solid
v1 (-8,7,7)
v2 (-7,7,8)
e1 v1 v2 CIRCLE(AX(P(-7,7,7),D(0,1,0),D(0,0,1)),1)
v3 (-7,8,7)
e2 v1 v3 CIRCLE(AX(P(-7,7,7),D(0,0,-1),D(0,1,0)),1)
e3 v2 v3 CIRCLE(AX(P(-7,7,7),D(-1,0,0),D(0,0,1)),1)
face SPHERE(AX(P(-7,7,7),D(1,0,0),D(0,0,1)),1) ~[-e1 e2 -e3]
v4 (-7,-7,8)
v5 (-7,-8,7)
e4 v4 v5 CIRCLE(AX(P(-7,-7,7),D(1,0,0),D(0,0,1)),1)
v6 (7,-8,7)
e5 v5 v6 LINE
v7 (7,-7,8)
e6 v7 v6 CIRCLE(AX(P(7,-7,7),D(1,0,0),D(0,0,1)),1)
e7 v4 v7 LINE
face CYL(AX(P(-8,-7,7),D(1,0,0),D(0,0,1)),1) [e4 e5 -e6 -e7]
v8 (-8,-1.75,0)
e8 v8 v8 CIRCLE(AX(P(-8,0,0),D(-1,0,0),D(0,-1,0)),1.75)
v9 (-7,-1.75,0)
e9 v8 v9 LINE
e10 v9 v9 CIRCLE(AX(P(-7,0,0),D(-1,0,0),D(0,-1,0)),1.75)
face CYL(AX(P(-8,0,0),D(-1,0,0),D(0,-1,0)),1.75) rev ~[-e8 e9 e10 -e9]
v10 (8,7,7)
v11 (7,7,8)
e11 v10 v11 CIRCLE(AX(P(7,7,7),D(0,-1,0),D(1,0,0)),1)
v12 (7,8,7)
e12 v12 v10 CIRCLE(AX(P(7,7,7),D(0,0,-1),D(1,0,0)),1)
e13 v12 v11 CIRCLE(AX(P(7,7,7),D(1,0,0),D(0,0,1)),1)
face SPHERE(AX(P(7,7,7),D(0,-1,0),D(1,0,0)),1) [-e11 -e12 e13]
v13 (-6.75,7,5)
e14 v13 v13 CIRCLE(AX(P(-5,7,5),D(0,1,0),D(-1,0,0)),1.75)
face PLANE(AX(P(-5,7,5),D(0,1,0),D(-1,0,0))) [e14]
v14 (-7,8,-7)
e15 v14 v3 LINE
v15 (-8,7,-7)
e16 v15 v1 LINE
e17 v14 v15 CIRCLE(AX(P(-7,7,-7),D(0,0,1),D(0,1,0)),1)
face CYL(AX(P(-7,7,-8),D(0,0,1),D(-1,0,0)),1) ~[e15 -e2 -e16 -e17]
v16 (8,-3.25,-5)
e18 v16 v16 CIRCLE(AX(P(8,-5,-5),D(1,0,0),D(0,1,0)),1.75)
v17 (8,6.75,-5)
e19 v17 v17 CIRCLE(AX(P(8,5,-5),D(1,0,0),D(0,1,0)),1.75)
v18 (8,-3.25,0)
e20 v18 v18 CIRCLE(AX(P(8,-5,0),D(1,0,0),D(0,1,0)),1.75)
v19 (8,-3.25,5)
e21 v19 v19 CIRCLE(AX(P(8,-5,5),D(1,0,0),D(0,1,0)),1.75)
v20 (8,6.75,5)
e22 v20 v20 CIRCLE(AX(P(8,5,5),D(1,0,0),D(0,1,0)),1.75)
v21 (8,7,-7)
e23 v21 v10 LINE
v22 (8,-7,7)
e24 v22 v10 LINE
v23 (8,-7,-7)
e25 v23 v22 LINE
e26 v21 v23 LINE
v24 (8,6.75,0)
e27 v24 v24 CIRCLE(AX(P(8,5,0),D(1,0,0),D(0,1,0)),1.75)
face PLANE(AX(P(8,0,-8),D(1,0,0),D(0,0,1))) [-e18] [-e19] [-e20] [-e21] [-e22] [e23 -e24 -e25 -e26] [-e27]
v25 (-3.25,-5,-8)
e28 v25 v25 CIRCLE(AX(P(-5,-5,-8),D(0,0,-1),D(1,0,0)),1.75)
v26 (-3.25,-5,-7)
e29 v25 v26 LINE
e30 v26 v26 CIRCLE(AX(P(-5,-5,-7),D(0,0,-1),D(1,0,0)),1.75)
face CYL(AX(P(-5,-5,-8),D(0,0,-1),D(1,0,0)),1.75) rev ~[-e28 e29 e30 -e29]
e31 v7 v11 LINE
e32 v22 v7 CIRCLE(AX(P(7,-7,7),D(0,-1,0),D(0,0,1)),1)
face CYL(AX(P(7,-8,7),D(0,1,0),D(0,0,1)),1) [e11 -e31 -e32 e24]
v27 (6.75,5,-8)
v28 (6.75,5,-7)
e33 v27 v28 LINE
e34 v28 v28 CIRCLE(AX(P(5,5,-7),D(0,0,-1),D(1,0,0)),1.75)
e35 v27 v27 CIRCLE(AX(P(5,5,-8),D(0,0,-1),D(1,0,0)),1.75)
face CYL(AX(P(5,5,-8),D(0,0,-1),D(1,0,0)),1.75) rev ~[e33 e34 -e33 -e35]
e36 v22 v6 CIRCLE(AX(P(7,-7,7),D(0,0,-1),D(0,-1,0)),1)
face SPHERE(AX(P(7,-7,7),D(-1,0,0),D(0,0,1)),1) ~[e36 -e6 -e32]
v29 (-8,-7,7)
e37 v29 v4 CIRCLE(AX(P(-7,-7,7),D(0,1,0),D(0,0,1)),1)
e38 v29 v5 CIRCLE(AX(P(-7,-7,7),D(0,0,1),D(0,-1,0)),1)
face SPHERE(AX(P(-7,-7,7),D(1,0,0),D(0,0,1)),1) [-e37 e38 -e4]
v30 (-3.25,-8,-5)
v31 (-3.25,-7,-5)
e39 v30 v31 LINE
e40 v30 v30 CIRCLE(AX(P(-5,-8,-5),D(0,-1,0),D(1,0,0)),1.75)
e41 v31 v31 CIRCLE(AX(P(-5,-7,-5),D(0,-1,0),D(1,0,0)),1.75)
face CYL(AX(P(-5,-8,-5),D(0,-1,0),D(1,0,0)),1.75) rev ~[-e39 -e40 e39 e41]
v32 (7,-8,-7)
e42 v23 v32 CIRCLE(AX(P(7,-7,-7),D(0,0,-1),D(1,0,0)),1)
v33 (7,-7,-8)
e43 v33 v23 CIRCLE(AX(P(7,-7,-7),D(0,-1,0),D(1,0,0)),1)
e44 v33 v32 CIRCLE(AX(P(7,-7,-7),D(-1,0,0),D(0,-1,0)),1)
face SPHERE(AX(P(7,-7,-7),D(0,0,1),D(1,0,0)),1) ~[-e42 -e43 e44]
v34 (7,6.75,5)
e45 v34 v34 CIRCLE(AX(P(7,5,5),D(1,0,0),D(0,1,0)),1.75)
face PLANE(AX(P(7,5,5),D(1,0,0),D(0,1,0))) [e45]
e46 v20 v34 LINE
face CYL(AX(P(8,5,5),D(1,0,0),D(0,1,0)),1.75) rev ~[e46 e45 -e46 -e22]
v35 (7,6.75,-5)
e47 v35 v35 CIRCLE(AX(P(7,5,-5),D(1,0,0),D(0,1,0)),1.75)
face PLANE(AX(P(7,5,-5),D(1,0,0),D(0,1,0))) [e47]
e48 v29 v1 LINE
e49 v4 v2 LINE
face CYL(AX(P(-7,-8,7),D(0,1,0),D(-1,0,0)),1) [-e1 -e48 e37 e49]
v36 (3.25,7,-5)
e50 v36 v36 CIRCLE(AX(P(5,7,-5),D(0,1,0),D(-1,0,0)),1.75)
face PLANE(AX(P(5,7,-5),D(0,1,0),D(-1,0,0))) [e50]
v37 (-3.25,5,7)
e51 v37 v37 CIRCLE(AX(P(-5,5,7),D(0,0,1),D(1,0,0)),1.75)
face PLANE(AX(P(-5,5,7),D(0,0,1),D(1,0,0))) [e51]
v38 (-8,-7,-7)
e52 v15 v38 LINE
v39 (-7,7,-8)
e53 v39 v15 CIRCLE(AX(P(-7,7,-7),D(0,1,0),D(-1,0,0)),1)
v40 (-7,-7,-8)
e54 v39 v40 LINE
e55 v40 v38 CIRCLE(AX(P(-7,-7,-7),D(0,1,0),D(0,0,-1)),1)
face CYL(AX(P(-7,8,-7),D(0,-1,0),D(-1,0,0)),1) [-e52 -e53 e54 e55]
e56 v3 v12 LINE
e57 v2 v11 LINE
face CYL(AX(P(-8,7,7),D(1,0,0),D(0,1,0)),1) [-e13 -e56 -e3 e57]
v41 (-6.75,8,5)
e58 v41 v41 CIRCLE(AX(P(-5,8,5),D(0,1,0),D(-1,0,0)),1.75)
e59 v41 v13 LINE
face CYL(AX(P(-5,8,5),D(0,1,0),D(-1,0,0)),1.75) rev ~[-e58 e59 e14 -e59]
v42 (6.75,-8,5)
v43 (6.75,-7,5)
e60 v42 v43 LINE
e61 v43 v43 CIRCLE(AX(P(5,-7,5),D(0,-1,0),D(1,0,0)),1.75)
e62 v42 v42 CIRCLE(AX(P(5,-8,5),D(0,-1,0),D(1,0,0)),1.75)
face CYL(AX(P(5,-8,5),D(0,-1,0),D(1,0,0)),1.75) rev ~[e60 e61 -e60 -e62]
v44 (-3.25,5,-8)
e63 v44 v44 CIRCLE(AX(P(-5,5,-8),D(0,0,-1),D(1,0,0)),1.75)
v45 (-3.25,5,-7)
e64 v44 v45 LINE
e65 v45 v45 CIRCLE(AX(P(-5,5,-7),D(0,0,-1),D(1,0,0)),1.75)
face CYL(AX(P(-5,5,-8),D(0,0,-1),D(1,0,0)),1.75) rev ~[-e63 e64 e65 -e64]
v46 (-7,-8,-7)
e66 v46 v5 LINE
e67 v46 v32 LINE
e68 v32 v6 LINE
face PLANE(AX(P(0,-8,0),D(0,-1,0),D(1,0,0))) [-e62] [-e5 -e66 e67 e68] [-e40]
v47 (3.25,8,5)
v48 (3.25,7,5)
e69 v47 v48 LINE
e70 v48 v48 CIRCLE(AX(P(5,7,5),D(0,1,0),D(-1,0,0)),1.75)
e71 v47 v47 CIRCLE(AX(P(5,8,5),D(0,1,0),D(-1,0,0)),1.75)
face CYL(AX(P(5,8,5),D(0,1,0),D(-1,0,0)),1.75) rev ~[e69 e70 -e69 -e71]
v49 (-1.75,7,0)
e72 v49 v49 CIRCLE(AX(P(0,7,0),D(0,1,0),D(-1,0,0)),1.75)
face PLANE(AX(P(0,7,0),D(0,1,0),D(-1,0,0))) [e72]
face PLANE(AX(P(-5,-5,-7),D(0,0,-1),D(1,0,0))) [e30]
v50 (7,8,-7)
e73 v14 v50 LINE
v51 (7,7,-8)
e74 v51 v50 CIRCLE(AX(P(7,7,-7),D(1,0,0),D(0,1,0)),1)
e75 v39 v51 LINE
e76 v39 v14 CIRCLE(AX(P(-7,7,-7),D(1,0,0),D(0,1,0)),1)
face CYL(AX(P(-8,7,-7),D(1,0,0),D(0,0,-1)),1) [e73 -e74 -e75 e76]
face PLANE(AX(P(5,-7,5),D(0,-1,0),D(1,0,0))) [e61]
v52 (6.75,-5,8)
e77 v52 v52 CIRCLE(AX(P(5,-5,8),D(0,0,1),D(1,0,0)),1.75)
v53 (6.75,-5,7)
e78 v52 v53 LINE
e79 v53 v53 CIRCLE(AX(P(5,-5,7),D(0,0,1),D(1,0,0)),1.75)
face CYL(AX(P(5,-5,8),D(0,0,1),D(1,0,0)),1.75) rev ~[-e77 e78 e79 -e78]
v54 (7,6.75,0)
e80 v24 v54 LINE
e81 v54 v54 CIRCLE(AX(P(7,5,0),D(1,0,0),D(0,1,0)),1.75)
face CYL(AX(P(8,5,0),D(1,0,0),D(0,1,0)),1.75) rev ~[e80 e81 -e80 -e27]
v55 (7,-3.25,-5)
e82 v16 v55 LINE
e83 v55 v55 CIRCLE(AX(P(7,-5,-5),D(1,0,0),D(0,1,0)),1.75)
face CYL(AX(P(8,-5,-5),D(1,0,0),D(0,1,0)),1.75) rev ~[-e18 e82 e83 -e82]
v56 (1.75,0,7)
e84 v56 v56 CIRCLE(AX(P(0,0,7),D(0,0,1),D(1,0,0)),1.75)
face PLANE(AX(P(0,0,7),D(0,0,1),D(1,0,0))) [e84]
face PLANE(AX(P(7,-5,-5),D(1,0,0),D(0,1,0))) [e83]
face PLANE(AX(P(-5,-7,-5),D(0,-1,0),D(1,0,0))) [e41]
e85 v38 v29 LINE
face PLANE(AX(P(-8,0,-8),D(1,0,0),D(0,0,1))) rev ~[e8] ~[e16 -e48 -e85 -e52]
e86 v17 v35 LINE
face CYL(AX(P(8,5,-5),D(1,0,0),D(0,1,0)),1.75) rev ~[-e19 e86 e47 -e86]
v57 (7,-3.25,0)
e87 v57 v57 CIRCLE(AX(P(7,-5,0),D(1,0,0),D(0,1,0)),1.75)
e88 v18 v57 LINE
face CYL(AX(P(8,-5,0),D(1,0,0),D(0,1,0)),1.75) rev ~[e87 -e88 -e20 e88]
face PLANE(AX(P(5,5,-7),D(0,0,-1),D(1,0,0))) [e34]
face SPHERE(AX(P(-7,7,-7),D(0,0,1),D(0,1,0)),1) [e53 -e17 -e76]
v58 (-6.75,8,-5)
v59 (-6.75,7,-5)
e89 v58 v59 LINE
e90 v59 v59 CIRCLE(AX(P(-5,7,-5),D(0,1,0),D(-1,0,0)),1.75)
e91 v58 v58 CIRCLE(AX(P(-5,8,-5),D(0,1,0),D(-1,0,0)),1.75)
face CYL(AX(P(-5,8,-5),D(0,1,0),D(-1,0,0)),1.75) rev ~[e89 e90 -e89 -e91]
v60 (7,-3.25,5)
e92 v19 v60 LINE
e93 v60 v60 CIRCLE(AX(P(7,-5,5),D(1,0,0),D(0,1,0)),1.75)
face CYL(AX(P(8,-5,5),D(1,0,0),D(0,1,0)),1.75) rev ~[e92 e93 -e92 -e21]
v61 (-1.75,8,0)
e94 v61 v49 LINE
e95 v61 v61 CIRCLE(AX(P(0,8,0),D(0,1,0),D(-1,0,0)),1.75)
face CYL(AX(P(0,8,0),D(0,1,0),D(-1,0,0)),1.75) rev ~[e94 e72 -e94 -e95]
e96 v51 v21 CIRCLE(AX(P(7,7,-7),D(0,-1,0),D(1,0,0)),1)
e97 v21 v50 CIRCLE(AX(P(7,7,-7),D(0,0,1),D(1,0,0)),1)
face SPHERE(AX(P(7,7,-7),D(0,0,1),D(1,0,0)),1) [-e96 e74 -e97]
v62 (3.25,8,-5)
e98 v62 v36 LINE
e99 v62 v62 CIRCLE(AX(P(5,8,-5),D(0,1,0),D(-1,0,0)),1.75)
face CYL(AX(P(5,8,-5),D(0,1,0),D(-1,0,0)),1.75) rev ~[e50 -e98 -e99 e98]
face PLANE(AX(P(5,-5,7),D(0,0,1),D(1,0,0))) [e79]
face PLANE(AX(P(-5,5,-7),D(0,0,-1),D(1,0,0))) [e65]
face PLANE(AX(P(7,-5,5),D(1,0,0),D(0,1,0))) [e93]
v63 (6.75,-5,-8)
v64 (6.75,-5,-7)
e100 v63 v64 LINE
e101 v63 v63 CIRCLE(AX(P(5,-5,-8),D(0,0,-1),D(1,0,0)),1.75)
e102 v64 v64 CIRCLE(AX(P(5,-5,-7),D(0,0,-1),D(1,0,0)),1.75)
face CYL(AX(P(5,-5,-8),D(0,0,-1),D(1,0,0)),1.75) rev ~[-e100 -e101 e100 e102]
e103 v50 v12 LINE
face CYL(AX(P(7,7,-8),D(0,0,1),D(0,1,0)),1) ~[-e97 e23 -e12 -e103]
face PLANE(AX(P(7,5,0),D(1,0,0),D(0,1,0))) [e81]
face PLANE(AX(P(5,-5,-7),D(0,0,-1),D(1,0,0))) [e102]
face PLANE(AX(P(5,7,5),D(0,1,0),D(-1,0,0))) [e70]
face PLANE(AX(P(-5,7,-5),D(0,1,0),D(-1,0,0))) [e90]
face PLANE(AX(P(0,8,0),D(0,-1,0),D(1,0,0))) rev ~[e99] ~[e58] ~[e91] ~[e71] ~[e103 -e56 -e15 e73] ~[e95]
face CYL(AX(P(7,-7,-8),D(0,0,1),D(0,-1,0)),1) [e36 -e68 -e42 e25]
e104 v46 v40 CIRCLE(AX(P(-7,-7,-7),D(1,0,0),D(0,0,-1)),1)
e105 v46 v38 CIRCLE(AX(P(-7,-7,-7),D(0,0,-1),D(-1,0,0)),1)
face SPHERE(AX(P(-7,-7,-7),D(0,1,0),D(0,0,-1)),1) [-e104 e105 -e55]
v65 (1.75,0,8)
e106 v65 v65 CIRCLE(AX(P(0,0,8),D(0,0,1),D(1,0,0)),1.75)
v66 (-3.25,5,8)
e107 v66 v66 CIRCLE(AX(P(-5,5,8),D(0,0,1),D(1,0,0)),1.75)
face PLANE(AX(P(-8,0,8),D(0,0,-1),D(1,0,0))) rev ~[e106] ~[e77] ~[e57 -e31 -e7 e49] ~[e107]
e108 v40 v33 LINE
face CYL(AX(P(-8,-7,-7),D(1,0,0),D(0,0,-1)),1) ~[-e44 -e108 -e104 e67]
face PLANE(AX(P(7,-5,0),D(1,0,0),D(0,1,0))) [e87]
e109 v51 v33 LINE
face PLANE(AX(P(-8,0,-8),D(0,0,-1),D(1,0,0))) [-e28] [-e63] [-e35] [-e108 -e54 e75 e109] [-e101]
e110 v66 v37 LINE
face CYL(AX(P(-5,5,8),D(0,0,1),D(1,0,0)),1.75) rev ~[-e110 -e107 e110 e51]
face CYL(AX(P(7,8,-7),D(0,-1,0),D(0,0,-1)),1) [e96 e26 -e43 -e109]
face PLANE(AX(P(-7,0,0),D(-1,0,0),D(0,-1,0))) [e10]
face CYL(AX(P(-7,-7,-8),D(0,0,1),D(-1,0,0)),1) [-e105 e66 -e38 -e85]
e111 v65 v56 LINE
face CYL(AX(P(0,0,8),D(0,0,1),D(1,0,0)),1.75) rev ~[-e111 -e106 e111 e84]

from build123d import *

# Parameters (mm, degrees)
F0_W      = 16
F0_H      = 16
F1_DEPTH  = 8
F2_R      = 1.75
F3_DEPTH  = 1
F4_R      = 1.75
F5_DEPTH  = 1
F6_R      = 1.75
F7_DEPTH  = 1
F8_R      = 1
F9_R      = 1.75
F10_DEPTH = 1
F11_R     = 1.75
F12_DEPTH = 1
F13_R     = 1.75
F14_DEPTH = 1


with BuildPart() as f1:
    # F0 (on Front) → F1 (new body, symmetric)
    with BuildSketch(Plane.XZ):
        Rectangle(F0_W, F0_H)
    extrude(amount=F1_DEPTH, both=True)

    # F2 (on face) → F3 (cut)
    with BuildSketch(Plane.XZ.offset(8)):
        with Locations((5, 5)):
            Circle(F2_R)
        with Locations((-5, -5)):
            Circle(F2_R)
    extrude(amount=-F3_DEPTH, mode=Mode.SUBTRACT)

    # F4 (on face) → F5 (cut)
    with BuildSketch(Plane.YZ.offset(8)):
        with Locations((-5, 5)):
            Circle(F4_R)
        with Locations((-5, 0)):
            Circle(F4_R)
        with Locations((-5, -5)):
            Circle(F4_R)
        with Locations((5, 5)):
            Circle(F4_R)
        with Locations((5, 0)):
            Circle(F4_R)
        with Locations((5, -5)):
            Circle(F4_R)
    extrude(amount=-F5_DEPTH, mode=Mode.SUBTRACT)

    # F6 (on face) → F7 (cut)
    with BuildSketch(Plane.XY.offset(8)):
        with Locations((-5, 5)):
            Circle(F6_R)
        with Locations((5, -5)):
            Circle(F6_R)
        Circle(F6_R)
    extrude(amount=-F7_DEPTH, mode=Mode.SUBTRACT)

    # F8
    f8_edges = [f1.edges().sort_by_distance(p)[0] for p in [
        (0, -8, 8),
        (8, 0, 8),
        (8, -8, 0),
        (8, 8, 0),
        (8, 0, -8),
        (0, 8, 8),
        (-8, 0, 8),
        (-8, 8, 0),
        (0, 8, -8),
        (-8, 0, -8),
        (0, -8, -8),
        (-8, -8, 0),
    ]]
    fillet(f8_edges, radius=F8_R)

    # F9 (on face) → F10 (cut)
    with BuildSketch(Plane(origin=(-8, 0, 0), x_dir=(0, -1, 0), z_dir=(-1, 0, 0))):
        Circle(F9_R)
    extrude(amount=-F10_DEPTH, mode=Mode.SUBTRACT)

    # F11 (on face) → F12 (cut)
    with BuildSketch(Plane(origin=(0, 8, 0), x_dir=(-1, 0, 0), z_dir=(0, 1, 0))):
        with Locations((-5, 5)):
            Circle(F11_R)
        with Locations((-5, -5)):
            Circle(F11_R)
        with Locations((5, 5)):
            Circle(F11_R)
        with Locations((5, -5)):
            Circle(F11_R)
        Circle(F11_R)
    extrude(amount=-F12_DEPTH, mode=Mode.SUBTRACT)

    # F13 (on face) → F14 (cut)
    with BuildSketch(Plane(origin=(0, 0, -8), x_dir=(1, 0, 0), z_dir=(0, 0, -1))):
        with Locations((-5, 5)):
            Circle(F13_R)
        with Locations((5, 5)):
            Circle(F13_R)
        with Locations((5, -5)):
            Circle(F13_R)
        with Locations((-5, -5)):
            Circle(F13_R)
    extrude(amount=-F14_DEPTH, mode=Mode.SUBTRACT)


solid = f1.part
